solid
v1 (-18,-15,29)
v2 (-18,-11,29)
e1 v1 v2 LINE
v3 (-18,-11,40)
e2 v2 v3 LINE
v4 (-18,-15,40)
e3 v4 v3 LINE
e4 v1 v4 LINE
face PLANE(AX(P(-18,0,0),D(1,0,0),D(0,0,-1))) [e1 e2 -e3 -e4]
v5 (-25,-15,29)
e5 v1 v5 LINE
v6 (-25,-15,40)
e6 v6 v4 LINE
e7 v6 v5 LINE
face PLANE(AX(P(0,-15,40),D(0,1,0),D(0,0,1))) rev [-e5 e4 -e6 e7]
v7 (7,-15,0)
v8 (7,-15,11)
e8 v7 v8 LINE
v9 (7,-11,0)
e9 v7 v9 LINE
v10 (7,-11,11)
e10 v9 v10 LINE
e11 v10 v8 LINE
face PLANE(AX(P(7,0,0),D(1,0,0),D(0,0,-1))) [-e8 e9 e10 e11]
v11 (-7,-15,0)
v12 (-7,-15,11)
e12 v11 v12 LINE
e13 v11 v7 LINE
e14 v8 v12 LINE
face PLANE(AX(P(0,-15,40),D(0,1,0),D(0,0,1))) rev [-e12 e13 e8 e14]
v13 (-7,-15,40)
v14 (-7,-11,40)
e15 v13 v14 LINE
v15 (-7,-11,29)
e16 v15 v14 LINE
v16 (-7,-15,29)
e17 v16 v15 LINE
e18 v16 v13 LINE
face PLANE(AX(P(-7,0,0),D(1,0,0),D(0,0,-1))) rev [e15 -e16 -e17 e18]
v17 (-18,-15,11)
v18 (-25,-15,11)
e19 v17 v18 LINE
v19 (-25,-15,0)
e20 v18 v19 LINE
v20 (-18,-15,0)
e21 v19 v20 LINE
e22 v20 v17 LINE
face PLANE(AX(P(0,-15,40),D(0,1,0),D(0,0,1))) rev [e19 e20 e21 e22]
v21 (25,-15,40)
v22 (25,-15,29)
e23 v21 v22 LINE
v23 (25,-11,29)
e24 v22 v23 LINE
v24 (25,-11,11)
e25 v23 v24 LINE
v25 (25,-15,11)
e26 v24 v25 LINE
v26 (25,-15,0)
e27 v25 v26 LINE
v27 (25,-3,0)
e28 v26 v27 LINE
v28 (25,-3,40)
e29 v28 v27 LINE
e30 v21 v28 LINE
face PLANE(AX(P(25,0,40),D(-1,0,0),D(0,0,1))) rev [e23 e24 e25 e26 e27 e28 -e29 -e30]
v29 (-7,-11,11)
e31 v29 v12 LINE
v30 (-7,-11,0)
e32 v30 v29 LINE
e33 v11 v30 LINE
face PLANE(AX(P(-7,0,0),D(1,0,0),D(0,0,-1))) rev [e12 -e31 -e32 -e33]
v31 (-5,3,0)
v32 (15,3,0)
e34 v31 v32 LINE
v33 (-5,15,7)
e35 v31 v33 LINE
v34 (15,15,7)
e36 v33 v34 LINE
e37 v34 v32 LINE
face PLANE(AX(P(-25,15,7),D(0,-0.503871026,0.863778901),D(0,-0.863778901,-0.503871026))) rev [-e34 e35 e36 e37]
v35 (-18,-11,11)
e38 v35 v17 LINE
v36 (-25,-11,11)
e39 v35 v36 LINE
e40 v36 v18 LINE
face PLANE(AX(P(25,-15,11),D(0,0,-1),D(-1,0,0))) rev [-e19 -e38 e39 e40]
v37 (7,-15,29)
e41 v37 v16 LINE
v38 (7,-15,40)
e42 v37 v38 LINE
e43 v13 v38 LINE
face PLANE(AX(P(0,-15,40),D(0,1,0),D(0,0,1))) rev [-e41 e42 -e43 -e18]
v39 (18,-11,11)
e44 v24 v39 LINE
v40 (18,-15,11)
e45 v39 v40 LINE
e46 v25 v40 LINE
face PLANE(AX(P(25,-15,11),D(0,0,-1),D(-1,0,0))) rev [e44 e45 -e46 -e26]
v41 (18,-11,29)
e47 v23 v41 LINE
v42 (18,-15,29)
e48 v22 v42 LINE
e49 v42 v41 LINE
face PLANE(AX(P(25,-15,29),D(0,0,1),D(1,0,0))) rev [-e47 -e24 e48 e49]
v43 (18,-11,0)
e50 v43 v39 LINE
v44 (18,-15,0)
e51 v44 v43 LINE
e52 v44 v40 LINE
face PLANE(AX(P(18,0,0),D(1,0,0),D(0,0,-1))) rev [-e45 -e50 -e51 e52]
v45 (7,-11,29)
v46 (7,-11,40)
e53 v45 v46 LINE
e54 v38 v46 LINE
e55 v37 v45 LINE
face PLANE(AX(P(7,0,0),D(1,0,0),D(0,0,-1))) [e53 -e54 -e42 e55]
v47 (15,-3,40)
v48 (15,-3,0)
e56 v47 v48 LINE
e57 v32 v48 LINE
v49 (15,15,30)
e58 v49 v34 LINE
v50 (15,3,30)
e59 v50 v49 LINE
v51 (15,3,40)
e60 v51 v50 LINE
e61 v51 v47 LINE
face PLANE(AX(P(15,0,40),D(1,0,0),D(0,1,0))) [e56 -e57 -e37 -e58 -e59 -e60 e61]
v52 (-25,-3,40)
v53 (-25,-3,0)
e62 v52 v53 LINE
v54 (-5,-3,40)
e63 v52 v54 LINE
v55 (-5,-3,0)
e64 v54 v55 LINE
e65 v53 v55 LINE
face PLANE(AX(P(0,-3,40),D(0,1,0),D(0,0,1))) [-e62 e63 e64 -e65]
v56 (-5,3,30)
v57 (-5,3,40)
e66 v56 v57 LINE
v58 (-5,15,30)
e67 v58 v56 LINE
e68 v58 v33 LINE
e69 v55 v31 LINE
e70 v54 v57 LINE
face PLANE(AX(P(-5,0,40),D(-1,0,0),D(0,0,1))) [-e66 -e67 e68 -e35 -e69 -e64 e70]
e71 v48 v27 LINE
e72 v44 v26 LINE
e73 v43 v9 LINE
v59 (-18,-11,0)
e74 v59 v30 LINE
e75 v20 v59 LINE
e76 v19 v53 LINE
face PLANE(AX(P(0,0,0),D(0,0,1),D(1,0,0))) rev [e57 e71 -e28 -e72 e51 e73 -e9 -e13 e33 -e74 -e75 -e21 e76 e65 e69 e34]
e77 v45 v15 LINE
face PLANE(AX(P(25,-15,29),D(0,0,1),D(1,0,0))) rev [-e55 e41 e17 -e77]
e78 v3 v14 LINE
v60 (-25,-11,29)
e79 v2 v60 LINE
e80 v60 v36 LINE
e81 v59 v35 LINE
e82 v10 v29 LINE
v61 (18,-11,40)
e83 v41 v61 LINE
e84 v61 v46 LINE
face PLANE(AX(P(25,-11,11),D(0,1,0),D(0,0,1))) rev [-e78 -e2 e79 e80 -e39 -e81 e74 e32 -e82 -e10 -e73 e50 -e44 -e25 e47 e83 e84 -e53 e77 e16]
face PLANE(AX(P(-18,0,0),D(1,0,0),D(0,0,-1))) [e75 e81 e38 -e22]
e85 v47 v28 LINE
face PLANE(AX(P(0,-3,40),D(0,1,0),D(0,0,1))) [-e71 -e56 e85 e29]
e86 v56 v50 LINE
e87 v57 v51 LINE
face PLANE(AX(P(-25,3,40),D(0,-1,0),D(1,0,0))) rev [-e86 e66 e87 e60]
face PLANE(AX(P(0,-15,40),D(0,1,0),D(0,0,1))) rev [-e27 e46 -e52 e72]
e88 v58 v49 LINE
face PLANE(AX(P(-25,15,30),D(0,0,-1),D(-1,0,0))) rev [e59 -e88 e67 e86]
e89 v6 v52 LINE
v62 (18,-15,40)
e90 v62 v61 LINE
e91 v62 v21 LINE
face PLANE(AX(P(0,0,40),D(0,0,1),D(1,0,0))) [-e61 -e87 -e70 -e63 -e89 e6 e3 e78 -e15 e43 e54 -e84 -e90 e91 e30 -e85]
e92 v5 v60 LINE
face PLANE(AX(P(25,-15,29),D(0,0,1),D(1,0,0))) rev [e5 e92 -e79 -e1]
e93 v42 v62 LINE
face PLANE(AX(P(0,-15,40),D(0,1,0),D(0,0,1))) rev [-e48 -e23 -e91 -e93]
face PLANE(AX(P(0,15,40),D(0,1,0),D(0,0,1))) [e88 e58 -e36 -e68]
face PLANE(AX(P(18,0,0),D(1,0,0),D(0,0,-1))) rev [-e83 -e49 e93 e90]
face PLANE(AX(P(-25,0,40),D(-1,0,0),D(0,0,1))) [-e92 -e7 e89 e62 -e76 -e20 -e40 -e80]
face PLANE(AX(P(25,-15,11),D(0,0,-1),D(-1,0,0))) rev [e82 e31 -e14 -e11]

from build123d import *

# Parameters (mm, degrees)
EXTRUDE_1_DEPTH     = 40
SKETCH_2_W          = 18
SKETCH_2_H          = 4
CUT_EXTRUDE_1_DEPTH = 66.76473219
SKETCH_3_W          = 11
SKETCH_3_H          = 4
CUT_EXTRUDE_2_DEPTH = 50.497474683
SKETCH_4_W          = 10
SKETCH_4_H          = 12
CUT_EXTRUDE_3_DEPTH = 59.523499554


with BuildPart() as part:
    # Эскиз1 → Бобышка-Вытянуть1 (new body)
    with BuildSketch(Plane.XY):
        Polygon((-5, -3), (-25, -3), (-25, -15), (25, -15), (25, -3), (15, -3), (15, 15), (-5, 15), align=None)
    extrude(amount=EXTRUDE_1_DEPTH)

    # Эскиз2 → Вырез-Вытянуть1 (cut, through all)
    with BuildSketch(Plane.ZY.offset(25)):
        with Locations((20, -13)):
            Rectangle(SKETCH_2_W, SKETCH_2_H)
    extrude(amount=-CUT_EXTRUDE_1_DEPTH, mode=Mode.SUBTRACT)

    # Эскиз3 → Вырез-Вытянуть2 (cut, through all)
    with BuildSketch(Plane.XY.offset(40)):
        with Locations((-12.5, -13)):
            Rectangle(SKETCH_3_W, SKETCH_3_H)
    cut_extrude_2 = extrude(amount=-CUT_EXTRUDE_2_DEPTH, mode=Mode.SUBTRACT)

    # Зеркальное отражение1: Вырез-Вытянуть2 across plane
    add(cut_extrude_2.mirror(Plane(origin=(0, 0, 0), x_dir=(0, 0, 1), z_dir=(1, 0, 0))), mode=Mode.SUBTRACT)

    # Эскиз4 → Вырез-Вытянуть3 (cut, through all)
    with BuildSketch(Plane(origin=(15, 0, 0), x_dir=(0, 0, -1), z_dir=(1, 0, 0))):
        Polygon((-7, 15), (0, 3), (0, 15), align=None)
        with Locations((-35, 9)):
            Rectangle(SKETCH_4_W, SKETCH_4_H)
    extrude(amount=-CUT_EXTRUDE_3_DEPTH, mode=Mode.SUBTRACT)


solid = part.part
